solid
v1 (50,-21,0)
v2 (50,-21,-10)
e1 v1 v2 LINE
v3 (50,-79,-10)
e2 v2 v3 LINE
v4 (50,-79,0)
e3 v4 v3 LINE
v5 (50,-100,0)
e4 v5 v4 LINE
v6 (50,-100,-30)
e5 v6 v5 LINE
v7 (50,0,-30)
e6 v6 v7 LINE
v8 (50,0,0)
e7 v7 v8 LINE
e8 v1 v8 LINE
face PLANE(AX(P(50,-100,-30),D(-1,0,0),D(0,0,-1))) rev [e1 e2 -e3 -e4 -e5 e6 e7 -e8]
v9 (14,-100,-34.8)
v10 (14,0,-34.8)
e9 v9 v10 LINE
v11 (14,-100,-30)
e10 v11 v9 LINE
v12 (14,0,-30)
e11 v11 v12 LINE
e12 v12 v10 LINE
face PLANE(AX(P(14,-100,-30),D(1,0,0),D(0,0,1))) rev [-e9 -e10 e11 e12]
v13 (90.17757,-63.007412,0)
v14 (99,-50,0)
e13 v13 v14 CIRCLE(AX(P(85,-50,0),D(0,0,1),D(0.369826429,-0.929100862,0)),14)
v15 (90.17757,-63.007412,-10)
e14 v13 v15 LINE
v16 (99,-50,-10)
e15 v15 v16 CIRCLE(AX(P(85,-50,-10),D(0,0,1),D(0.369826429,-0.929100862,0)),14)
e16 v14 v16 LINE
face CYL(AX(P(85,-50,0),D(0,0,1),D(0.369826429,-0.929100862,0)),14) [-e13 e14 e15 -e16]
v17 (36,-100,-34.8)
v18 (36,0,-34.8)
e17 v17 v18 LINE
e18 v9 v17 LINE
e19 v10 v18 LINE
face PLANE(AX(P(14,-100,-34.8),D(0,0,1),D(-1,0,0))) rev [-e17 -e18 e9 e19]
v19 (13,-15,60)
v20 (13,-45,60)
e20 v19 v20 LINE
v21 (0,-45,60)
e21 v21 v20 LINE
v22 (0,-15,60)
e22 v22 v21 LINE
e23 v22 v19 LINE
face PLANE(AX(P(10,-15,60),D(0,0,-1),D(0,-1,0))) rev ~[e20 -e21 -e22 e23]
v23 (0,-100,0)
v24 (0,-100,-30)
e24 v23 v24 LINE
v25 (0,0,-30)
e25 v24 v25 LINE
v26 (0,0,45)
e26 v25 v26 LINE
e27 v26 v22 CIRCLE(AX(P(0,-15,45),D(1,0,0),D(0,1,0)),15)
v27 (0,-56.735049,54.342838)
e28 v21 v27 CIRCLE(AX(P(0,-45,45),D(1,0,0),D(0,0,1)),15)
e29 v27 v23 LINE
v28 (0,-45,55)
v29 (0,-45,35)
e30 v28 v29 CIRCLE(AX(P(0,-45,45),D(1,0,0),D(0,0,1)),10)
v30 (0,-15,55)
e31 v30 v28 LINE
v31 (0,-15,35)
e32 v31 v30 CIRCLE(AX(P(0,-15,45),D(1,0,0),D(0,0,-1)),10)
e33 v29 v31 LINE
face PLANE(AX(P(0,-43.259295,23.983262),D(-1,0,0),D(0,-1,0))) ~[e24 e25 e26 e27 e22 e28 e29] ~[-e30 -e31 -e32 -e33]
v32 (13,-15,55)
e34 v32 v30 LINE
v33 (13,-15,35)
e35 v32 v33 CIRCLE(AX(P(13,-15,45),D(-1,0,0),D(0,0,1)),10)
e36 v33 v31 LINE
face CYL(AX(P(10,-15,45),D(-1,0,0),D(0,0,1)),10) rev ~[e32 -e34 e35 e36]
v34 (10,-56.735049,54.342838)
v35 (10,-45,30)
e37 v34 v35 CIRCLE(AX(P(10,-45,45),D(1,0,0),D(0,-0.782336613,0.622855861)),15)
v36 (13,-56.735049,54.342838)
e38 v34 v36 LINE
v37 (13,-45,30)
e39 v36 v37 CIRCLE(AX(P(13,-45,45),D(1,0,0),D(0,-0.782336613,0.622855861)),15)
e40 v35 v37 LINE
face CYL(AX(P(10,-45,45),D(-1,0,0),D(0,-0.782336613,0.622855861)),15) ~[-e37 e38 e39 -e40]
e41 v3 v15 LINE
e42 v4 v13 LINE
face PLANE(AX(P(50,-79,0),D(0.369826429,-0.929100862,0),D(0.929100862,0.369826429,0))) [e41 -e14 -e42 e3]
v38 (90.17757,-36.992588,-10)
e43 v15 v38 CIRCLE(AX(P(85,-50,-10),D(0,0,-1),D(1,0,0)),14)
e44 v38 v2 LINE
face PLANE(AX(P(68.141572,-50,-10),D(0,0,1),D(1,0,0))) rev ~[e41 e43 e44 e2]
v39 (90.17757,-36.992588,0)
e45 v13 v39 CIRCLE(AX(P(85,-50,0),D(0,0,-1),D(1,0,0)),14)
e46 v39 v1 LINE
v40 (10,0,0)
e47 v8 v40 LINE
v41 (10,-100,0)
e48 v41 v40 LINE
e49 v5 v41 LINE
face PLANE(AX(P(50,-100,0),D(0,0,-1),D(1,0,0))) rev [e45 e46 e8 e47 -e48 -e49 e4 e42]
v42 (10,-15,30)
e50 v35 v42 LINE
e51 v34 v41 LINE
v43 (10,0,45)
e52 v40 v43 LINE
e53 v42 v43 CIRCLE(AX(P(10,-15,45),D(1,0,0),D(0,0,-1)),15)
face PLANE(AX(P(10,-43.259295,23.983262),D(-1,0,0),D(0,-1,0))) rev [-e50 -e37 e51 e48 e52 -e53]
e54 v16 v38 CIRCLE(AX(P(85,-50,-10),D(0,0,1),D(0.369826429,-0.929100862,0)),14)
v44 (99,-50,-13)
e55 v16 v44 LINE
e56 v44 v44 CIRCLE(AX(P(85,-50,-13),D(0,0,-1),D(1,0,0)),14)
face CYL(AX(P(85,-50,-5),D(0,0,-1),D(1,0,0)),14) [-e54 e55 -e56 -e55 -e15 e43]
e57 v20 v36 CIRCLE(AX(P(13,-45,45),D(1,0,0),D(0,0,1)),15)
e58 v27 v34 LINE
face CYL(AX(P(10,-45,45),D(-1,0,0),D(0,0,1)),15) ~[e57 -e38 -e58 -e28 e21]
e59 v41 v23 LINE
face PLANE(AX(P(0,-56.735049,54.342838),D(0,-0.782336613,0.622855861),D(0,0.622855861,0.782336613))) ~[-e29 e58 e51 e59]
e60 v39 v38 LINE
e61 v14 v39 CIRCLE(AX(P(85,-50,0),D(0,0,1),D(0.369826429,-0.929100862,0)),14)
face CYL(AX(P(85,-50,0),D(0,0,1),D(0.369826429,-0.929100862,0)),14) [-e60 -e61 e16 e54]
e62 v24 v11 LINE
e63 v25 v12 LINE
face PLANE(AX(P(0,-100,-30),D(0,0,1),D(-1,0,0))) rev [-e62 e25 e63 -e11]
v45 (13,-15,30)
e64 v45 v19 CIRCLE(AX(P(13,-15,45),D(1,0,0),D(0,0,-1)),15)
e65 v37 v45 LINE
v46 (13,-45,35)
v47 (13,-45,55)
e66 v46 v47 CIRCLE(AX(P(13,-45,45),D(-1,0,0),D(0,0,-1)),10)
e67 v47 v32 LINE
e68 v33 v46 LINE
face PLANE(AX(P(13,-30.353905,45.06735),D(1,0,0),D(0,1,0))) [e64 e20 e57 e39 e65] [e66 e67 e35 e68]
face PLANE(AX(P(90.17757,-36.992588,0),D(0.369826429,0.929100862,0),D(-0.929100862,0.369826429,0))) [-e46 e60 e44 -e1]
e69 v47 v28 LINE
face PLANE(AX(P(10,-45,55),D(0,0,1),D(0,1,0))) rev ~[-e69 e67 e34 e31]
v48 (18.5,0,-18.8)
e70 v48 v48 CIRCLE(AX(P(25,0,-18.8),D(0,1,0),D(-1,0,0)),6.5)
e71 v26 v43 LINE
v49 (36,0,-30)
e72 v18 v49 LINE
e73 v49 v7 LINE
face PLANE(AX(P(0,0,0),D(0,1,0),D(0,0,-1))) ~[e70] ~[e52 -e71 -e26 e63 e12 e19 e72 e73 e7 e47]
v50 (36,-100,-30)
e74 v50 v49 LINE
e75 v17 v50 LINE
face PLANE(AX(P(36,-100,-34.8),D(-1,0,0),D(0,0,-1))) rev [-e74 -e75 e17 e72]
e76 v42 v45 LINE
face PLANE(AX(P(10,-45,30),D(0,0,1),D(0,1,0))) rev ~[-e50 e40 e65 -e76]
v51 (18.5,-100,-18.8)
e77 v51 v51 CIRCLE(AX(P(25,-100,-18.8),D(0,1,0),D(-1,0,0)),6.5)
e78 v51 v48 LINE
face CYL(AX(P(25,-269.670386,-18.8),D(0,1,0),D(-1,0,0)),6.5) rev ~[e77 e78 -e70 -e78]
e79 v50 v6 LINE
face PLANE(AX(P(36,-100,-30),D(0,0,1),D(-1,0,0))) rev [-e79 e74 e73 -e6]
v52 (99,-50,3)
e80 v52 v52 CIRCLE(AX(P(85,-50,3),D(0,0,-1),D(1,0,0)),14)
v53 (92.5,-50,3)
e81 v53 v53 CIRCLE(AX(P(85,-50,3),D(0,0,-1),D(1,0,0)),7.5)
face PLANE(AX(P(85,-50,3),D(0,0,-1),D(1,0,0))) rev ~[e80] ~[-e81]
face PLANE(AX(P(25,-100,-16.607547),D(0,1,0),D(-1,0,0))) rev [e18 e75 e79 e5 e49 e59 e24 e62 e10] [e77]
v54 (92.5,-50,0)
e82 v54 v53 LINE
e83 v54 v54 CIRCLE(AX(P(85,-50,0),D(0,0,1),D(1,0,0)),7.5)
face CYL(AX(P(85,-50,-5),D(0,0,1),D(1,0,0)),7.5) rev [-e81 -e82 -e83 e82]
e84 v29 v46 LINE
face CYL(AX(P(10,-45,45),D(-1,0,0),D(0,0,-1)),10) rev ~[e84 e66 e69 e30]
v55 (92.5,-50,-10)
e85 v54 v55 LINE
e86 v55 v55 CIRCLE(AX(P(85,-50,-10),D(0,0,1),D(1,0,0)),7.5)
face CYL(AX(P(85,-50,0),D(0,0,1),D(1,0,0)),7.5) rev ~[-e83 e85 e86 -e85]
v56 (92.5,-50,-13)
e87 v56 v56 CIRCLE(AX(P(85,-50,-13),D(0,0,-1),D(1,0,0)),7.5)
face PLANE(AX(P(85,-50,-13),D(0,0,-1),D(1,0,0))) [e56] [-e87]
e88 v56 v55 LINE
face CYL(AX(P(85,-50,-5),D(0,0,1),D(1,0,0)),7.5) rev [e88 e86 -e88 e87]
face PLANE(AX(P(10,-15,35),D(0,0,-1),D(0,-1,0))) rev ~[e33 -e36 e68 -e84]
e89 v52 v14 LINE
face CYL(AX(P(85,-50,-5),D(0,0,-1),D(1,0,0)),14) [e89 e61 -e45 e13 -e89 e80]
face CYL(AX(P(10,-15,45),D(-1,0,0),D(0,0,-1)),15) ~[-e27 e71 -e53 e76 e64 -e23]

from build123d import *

# Parameters (mm, degrees)
F1_DEPTH  = 100
F3_DEPTH  = 10
F8_DEPTH  = 3
F10_DEPTH = 25
F12_DEPTH = 10
F14_R     = 14
F14_R_2   = 7.5
F15_DEPTH = 8
F16_R     = 7.5
F17_DEPTH = 25
F19_D     = 13


with BuildPart() as f1:
    # F0 (on Front) → F1 (new body)
    with BuildSketch(Plane.XZ):
        Polygon((50, 0), (0, 0), (0, -30), (14, -30), (14, -34.8), (36, -34.8), (36, -30), (50, -30), align=None)
    extrude(amount=F1_DEPTH)

    # F2 (on face) → F3 (join)
    with BuildSketch(Plane(origin=(0, 0, 0), x_dir=(0, -1, 0), z_dir=(-1, 0, 0))):
        with BuildLine():
            Line((43.2649507991, 54.3428379122), (0, 0))
            Line((0, 0), (100, 0))
            Line((100, 0), (100, 45))
            ThreePointArc((100, 45), (95.6066017178, 55.6066017178), (85, 60))
            Line((85, 60), (55, 60))
            ThreePointArc((55, 60), (48.4862671487, 58.5118941804), (43.2649507991, 54.3428379122))
        make_face()
    extrude(amount=-F3_DEPTH)


with BuildPart() as f5_1:
    # F5: instance of F1
    add(f1.part.mirror(Plane(origin=(22.8108581436, -50, -11.9144915301), x_dir=(1, 0, 0), z_dir=(0, 1, 0))))

    # F7 (on face) → F8 (join)
    with BuildSketch(Plane.YZ.offset(10)):
        with BuildLine():
            ThreePointArc((-15, 30), (-4.3933982822, 34.3933982822), (0, 45))
            ThreePointArc((0, 45), (-4.3933982822, 55.6066017178), (-15, 60))
            Line((-15, 60), (-45, 60))
            ThreePointArc((-45, 60), (-51.5137328513, 58.5118941804), (-56.7350492009, 54.3428379122))
            ThreePointArc((-56.7350492009, 54.3428379122), (-58.5118941804, 38.4862671487), (-45, 30))
            Line((-45, 30), (-15, 30))
        make_face()
        with BuildLine():
            ThreePointArc((-45, 35), (-55, 45), (-45, 55))
            Line((-45, 55), (-15, 55))
            ThreePointArc((-15, 55), (-5, 45), (-15, 35))
            Line((-15, 35), (-45, 35))
        make_face(mode=Mode.SUBTRACT)
    extrude(amount=F8_DEPTH)

    # F9 (on face) → F10 (cut)
    with BuildSketch(Plane.YZ.offset(10)):
        with BuildLine():
            Line((-15, 55), (-45, 55))
            ThreePointArc((-45, 55), (-55, 45), (-45, 35))
            Line((-45, 35), (-15, 35))
            ThreePointArc((-15, 35), (-5, 45), (-15, 55))
        make_face()
    extrude(amount=-F10_DEPTH, mode=Mode.SUBTRACT)

    # F11 (on face) → F12 (join)
    with BuildSketch(Plane.XY):
        with BuildLine():
            Line((50, -50), (50, -79))
            Line((50, -79), (90.1775700039, -63.0074120737))
            ThreePointArc((90.1775700039, -63.0074120737), (99, -50), (90.1775700039, -36.9925879263))
            Line((90.1775700039, -36.9925879263), (50, -21))
            Line((50, -21), (50, -50))
        make_face()
    extrude(amount=-F12_DEPTH)

    # F14 (on mid) → F15 (join, symmetric)
    with BuildSketch(Plane(origin=(0, 0, -5), x_dir=(1, 0, 0), z_dir=(0, 0, -1))):
        with Locations((85, 50)):
            Circle(F14_R)
        with Locations((85, 50)):
            Circle(F14_R_2, mode=Mode.SUBTRACT)
    extrude(amount=F15_DEPTH, both=True)

    # F16 (on face) → F17 (cut)
    with BuildSketch(Plane.XY):
        with Locations((85, -50)):
            Circle(F16_R)
    extrude(amount=-F17_DEPTH, mode=Mode.SUBTRACT)

    # F19 (through all)
    with Locations(Plane.XZ.offset(100)):
        with Locations((25, -18.8)):
            Hole(F19_D / 2)


solid = f5_1.part
